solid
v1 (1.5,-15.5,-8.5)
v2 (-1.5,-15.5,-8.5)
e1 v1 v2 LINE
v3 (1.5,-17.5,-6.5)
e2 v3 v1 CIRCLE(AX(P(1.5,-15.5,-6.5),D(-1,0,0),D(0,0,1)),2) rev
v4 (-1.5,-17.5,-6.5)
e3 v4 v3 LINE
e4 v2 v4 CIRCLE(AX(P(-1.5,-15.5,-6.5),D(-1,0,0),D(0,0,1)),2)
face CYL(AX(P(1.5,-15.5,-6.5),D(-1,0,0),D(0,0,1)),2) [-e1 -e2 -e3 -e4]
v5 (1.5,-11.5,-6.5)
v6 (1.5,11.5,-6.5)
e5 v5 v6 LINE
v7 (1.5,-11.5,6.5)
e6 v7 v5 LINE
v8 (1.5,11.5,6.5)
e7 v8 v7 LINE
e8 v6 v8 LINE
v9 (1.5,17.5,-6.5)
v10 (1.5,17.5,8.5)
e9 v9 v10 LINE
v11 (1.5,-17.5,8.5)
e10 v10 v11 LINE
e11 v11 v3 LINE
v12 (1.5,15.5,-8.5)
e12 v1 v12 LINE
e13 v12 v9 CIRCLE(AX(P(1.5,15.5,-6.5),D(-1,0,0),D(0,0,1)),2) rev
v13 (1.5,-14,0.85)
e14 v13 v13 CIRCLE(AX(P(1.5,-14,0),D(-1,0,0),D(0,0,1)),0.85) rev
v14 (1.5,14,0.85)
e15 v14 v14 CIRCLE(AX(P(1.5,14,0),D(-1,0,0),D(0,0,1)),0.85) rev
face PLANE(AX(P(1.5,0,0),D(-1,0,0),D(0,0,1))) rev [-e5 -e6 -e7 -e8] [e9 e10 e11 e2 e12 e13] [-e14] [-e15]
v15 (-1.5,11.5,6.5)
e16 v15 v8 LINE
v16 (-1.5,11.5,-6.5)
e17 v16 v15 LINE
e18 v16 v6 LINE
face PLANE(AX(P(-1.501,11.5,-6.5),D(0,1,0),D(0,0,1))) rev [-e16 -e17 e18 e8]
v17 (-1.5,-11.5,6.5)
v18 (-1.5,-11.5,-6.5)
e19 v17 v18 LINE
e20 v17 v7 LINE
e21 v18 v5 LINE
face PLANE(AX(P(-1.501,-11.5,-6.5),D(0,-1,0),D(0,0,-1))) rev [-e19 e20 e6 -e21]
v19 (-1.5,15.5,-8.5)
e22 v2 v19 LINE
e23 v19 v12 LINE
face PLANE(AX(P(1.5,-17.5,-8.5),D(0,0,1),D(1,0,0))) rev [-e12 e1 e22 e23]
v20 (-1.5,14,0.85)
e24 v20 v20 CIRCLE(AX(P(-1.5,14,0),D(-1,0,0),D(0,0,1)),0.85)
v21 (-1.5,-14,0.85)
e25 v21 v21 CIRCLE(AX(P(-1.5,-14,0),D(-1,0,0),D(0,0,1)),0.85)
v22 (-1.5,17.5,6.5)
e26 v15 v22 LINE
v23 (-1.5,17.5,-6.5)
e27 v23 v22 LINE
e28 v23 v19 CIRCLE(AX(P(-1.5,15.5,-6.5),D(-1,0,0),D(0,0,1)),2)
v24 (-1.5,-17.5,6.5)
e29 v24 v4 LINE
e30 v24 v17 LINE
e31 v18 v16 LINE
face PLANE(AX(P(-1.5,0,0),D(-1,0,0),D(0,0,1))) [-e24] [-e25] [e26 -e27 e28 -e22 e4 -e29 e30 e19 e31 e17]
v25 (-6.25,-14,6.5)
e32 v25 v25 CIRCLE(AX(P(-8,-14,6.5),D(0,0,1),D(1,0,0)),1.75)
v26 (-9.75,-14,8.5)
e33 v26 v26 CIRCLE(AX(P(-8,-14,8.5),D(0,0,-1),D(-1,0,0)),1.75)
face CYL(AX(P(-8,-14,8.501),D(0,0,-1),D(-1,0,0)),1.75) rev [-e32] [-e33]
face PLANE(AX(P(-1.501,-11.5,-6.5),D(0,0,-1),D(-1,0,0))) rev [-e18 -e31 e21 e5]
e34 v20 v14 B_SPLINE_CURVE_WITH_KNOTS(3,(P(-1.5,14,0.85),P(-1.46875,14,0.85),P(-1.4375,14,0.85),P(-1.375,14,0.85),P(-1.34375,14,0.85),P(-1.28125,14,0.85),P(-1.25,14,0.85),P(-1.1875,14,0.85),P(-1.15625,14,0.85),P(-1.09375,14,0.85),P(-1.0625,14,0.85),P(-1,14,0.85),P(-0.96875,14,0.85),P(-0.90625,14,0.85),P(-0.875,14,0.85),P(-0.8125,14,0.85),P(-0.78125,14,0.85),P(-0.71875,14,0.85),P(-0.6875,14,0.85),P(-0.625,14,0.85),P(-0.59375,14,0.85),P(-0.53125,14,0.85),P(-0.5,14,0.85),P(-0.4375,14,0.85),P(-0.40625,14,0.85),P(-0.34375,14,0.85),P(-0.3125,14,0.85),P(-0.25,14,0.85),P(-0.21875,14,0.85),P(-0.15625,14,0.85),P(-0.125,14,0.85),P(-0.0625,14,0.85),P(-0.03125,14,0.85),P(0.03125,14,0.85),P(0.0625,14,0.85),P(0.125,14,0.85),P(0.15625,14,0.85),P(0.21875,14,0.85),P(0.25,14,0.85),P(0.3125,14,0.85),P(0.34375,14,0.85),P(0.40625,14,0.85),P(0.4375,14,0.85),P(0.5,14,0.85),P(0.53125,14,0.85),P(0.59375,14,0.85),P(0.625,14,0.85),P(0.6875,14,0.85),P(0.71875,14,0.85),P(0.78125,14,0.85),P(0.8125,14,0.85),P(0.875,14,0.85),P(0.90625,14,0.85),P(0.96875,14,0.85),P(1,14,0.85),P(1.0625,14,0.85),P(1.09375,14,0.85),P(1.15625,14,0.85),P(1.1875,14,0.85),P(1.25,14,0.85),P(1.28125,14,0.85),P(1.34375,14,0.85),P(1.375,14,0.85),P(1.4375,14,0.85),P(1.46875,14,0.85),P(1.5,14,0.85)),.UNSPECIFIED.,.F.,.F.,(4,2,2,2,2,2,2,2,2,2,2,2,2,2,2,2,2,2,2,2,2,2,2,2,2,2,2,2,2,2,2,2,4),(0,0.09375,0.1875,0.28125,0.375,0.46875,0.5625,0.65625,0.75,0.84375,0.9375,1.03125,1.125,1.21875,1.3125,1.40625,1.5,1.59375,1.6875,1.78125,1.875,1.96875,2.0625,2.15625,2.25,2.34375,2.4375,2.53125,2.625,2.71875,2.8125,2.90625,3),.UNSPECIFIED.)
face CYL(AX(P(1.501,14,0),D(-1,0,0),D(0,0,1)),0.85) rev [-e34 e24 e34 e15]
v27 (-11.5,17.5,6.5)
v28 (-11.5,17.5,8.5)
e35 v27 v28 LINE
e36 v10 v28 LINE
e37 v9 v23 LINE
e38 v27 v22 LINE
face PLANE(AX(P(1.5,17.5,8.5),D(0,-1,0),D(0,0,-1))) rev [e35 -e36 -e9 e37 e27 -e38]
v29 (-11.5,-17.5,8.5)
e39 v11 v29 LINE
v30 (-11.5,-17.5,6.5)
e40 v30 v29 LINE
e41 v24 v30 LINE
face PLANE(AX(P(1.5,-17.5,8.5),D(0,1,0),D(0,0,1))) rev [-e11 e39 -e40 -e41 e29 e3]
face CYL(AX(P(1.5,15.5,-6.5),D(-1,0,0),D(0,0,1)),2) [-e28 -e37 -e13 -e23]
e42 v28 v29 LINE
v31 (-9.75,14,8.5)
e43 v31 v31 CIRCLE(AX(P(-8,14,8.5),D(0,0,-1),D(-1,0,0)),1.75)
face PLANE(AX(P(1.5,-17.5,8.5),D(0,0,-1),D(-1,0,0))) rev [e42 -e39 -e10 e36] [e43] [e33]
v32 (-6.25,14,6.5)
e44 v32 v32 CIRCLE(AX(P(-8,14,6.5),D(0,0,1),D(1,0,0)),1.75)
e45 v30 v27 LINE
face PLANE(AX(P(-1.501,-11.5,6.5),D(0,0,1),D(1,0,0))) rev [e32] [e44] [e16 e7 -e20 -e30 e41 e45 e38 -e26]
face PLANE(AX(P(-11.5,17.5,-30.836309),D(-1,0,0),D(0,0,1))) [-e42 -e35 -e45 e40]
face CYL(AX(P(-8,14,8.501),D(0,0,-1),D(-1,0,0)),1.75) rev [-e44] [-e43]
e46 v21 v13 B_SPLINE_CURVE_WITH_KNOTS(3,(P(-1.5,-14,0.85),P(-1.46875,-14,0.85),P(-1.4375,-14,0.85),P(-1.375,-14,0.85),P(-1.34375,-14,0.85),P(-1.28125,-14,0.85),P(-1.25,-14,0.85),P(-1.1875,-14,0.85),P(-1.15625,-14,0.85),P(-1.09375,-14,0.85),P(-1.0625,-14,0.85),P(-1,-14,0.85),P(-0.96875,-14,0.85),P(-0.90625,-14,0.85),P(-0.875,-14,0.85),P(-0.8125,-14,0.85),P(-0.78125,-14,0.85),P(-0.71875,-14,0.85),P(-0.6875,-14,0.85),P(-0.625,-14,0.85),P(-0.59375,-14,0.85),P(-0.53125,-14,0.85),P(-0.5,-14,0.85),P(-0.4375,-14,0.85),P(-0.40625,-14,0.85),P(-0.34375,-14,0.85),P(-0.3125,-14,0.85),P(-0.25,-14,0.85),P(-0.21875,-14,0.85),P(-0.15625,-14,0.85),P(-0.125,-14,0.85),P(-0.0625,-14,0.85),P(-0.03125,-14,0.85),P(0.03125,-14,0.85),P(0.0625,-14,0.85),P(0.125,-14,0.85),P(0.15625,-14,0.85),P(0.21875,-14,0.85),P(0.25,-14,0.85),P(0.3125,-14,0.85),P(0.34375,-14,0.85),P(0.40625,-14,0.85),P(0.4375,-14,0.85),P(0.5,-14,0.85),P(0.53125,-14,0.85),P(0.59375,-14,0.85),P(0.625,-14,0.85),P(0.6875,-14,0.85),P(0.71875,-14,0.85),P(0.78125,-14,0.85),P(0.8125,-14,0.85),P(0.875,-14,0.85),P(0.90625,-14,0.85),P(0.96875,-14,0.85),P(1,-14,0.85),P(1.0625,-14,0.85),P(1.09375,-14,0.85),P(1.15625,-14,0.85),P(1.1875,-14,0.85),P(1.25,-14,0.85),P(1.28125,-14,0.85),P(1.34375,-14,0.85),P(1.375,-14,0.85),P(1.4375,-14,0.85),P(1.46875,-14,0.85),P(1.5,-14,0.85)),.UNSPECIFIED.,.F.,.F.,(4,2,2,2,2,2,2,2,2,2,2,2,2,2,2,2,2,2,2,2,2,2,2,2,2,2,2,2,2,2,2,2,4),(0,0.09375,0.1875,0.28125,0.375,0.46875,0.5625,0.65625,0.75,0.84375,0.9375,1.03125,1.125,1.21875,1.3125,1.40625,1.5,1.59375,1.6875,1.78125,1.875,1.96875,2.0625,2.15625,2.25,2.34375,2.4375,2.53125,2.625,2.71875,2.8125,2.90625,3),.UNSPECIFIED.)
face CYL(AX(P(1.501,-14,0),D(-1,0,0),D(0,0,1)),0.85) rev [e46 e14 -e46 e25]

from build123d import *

# Parameters (mm, degrees)
ESBO_O1_W                = 17
ESBO_O1_H                = 35
RESSALTO_EXTRUS_O1_DEPTH = 1.5
CORTE_EXTRUS_O1_REACH    = 21.685
ESBO_O2_W                = 13
ESBO_O2_H                = 23
CORTE_EXTRUS_O2_REACH    = 21.685
ESBO_O3_R                = 0.85
FILETE1_R                = 2
ESBO_O5_W                = 13
ESBO_O5_H                = 35
RESSALTO_EXTRUS_O2_DEPTH = 2
CORTE_EXTRUS_O3_REACH    = 27.758
ESBO_O6_R                = 1.75


with BuildPart() as part:
    # Esboço1 → Ressalto-extrusão1 (new, symmetric)
    with BuildSketch(Plane(origin=(0, 0, 0), x_dir=(0, 0, -1), z_dir=(1, 0, 0))):
        Rectangle(ESBO_O1_W, ESBO_O1_H)
    extrude(amount=RESSALTO_EXTRUS_O1_DEPTH, both=True)

    # Esboço2 → Corte-extrusão1 (cut, up to next)
    with BuildSketch(Plane(origin=(1.5, 0, 0), x_dir=(0, 0, -1), z_dir=(1, 0, 0)), mode=Mode.PRIVATE) as corte_extrus_o1_sk1:
        Rectangle(ESBO_O2_W, ESBO_O2_H)
    corte_extrus_o1_tool1 = extrude(corte_extrus_o1_sk1.sketch, amount=-CORTE_EXTRUS_O1_REACH, mode=Mode.PRIVATE) & part.part
    add(corte_extrus_o1_tool1.solids().sort_by_distance((1.5, 0, 0))[0], mode=Mode.SUBTRACT)

    # Esboço3 → Corte-extrusão2 (cut, up to next)
    with BuildSketch(Plane.ZY.offset(1.5), mode=Mode.PRIVATE) as corte_extrus_o2_sk1:
        with Locations((0, 14)):
            Circle(ESBO_O3_R)
    corte_extrus_o2_tool1 = extrude(corte_extrus_o2_sk1.sketch, amount=-CORTE_EXTRUS_O2_REACH, mode=Mode.PRIVATE) & part.part
    # Esboço3 → Corte-extrusão2 (cut, up to next)
    with BuildSketch(Plane.ZY.offset(1.5), mode=Mode.PRIVATE) as corte_extrus_o2_sk2:
        with Locations((0, -14)):
            Circle(ESBO_O3_R)
    corte_extrus_o2_tool2 = extrude(corte_extrus_o2_sk2.sketch, amount=-CORTE_EXTRUS_O2_REACH, mode=Mode.PRIVATE) & part.part
    add(corte_extrus_o2_tool1.solids().sort_by_distance((-1.5, 14, 0))[0], mode=Mode.SUBTRACT)
    add(corte_extrus_o2_tool2.solids().sort_by_distance((-1.5, -14, 0))[0], mode=Mode.SUBTRACT)

    # Filete1
    filete1_edges = [part.edges().sort_by_distance(p)[0] for p in [
        (0, -17.5, -8.5),
        (0, 17.5, -8.5),
    ]]
    fillet(filete1_edges, radius=FILETE1_R)

    # Esboço5 → Ressalto-extrusão2 (add)
    with BuildSketch(Plane.XY.offset(8.5)):
        with Locations((-5, 0)):
            Rectangle(ESBO_O5_W, ESBO_O5_H)
    extrude(amount=-RESSALTO_EXTRUS_O2_DEPTH)

    # Esboço6 → Corte-extrusão3 (cut, up to next)
    with BuildSketch(Plane.XY.offset(6.5), mode=Mode.PRIVATE) as corte_extrus_o3_sk1:
        with Locations(Location((-8, 14, 0), (0, 0, 180))):
            Circle(ESBO_O6_R)
    corte_extrus_o3_tool1 = extrude(corte_extrus_o3_sk1.sketch, amount=CORTE_EXTRUS_O3_REACH, mode=Mode.PRIVATE) & part.part
    # Esboço6 → Corte-extrusão3 (cut, up to next)
    with BuildSketch(Plane.XY.offset(6.5), mode=Mode.PRIVATE) as corte_extrus_o3_sk2:
        with Locations(Location((-8, -14, 0), (0, 0, 180))):
            Circle(ESBO_O6_R)
    corte_extrus_o3_tool2 = extrude(corte_extrus_o3_sk2.sketch, amount=CORTE_EXTRUS_O3_REACH, mode=Mode.PRIVATE) & part.part
    add(corte_extrus_o3_tool1.solids().sort_by_distance((-8, 14, 6.5))[0], mode=Mode.SUBTRACT)
    add(corte_extrus_o3_tool2.solids().sort_by_distance((-8, -14, 6.5))[0], mode=Mode.SUBTRACT)


solid = part.part
